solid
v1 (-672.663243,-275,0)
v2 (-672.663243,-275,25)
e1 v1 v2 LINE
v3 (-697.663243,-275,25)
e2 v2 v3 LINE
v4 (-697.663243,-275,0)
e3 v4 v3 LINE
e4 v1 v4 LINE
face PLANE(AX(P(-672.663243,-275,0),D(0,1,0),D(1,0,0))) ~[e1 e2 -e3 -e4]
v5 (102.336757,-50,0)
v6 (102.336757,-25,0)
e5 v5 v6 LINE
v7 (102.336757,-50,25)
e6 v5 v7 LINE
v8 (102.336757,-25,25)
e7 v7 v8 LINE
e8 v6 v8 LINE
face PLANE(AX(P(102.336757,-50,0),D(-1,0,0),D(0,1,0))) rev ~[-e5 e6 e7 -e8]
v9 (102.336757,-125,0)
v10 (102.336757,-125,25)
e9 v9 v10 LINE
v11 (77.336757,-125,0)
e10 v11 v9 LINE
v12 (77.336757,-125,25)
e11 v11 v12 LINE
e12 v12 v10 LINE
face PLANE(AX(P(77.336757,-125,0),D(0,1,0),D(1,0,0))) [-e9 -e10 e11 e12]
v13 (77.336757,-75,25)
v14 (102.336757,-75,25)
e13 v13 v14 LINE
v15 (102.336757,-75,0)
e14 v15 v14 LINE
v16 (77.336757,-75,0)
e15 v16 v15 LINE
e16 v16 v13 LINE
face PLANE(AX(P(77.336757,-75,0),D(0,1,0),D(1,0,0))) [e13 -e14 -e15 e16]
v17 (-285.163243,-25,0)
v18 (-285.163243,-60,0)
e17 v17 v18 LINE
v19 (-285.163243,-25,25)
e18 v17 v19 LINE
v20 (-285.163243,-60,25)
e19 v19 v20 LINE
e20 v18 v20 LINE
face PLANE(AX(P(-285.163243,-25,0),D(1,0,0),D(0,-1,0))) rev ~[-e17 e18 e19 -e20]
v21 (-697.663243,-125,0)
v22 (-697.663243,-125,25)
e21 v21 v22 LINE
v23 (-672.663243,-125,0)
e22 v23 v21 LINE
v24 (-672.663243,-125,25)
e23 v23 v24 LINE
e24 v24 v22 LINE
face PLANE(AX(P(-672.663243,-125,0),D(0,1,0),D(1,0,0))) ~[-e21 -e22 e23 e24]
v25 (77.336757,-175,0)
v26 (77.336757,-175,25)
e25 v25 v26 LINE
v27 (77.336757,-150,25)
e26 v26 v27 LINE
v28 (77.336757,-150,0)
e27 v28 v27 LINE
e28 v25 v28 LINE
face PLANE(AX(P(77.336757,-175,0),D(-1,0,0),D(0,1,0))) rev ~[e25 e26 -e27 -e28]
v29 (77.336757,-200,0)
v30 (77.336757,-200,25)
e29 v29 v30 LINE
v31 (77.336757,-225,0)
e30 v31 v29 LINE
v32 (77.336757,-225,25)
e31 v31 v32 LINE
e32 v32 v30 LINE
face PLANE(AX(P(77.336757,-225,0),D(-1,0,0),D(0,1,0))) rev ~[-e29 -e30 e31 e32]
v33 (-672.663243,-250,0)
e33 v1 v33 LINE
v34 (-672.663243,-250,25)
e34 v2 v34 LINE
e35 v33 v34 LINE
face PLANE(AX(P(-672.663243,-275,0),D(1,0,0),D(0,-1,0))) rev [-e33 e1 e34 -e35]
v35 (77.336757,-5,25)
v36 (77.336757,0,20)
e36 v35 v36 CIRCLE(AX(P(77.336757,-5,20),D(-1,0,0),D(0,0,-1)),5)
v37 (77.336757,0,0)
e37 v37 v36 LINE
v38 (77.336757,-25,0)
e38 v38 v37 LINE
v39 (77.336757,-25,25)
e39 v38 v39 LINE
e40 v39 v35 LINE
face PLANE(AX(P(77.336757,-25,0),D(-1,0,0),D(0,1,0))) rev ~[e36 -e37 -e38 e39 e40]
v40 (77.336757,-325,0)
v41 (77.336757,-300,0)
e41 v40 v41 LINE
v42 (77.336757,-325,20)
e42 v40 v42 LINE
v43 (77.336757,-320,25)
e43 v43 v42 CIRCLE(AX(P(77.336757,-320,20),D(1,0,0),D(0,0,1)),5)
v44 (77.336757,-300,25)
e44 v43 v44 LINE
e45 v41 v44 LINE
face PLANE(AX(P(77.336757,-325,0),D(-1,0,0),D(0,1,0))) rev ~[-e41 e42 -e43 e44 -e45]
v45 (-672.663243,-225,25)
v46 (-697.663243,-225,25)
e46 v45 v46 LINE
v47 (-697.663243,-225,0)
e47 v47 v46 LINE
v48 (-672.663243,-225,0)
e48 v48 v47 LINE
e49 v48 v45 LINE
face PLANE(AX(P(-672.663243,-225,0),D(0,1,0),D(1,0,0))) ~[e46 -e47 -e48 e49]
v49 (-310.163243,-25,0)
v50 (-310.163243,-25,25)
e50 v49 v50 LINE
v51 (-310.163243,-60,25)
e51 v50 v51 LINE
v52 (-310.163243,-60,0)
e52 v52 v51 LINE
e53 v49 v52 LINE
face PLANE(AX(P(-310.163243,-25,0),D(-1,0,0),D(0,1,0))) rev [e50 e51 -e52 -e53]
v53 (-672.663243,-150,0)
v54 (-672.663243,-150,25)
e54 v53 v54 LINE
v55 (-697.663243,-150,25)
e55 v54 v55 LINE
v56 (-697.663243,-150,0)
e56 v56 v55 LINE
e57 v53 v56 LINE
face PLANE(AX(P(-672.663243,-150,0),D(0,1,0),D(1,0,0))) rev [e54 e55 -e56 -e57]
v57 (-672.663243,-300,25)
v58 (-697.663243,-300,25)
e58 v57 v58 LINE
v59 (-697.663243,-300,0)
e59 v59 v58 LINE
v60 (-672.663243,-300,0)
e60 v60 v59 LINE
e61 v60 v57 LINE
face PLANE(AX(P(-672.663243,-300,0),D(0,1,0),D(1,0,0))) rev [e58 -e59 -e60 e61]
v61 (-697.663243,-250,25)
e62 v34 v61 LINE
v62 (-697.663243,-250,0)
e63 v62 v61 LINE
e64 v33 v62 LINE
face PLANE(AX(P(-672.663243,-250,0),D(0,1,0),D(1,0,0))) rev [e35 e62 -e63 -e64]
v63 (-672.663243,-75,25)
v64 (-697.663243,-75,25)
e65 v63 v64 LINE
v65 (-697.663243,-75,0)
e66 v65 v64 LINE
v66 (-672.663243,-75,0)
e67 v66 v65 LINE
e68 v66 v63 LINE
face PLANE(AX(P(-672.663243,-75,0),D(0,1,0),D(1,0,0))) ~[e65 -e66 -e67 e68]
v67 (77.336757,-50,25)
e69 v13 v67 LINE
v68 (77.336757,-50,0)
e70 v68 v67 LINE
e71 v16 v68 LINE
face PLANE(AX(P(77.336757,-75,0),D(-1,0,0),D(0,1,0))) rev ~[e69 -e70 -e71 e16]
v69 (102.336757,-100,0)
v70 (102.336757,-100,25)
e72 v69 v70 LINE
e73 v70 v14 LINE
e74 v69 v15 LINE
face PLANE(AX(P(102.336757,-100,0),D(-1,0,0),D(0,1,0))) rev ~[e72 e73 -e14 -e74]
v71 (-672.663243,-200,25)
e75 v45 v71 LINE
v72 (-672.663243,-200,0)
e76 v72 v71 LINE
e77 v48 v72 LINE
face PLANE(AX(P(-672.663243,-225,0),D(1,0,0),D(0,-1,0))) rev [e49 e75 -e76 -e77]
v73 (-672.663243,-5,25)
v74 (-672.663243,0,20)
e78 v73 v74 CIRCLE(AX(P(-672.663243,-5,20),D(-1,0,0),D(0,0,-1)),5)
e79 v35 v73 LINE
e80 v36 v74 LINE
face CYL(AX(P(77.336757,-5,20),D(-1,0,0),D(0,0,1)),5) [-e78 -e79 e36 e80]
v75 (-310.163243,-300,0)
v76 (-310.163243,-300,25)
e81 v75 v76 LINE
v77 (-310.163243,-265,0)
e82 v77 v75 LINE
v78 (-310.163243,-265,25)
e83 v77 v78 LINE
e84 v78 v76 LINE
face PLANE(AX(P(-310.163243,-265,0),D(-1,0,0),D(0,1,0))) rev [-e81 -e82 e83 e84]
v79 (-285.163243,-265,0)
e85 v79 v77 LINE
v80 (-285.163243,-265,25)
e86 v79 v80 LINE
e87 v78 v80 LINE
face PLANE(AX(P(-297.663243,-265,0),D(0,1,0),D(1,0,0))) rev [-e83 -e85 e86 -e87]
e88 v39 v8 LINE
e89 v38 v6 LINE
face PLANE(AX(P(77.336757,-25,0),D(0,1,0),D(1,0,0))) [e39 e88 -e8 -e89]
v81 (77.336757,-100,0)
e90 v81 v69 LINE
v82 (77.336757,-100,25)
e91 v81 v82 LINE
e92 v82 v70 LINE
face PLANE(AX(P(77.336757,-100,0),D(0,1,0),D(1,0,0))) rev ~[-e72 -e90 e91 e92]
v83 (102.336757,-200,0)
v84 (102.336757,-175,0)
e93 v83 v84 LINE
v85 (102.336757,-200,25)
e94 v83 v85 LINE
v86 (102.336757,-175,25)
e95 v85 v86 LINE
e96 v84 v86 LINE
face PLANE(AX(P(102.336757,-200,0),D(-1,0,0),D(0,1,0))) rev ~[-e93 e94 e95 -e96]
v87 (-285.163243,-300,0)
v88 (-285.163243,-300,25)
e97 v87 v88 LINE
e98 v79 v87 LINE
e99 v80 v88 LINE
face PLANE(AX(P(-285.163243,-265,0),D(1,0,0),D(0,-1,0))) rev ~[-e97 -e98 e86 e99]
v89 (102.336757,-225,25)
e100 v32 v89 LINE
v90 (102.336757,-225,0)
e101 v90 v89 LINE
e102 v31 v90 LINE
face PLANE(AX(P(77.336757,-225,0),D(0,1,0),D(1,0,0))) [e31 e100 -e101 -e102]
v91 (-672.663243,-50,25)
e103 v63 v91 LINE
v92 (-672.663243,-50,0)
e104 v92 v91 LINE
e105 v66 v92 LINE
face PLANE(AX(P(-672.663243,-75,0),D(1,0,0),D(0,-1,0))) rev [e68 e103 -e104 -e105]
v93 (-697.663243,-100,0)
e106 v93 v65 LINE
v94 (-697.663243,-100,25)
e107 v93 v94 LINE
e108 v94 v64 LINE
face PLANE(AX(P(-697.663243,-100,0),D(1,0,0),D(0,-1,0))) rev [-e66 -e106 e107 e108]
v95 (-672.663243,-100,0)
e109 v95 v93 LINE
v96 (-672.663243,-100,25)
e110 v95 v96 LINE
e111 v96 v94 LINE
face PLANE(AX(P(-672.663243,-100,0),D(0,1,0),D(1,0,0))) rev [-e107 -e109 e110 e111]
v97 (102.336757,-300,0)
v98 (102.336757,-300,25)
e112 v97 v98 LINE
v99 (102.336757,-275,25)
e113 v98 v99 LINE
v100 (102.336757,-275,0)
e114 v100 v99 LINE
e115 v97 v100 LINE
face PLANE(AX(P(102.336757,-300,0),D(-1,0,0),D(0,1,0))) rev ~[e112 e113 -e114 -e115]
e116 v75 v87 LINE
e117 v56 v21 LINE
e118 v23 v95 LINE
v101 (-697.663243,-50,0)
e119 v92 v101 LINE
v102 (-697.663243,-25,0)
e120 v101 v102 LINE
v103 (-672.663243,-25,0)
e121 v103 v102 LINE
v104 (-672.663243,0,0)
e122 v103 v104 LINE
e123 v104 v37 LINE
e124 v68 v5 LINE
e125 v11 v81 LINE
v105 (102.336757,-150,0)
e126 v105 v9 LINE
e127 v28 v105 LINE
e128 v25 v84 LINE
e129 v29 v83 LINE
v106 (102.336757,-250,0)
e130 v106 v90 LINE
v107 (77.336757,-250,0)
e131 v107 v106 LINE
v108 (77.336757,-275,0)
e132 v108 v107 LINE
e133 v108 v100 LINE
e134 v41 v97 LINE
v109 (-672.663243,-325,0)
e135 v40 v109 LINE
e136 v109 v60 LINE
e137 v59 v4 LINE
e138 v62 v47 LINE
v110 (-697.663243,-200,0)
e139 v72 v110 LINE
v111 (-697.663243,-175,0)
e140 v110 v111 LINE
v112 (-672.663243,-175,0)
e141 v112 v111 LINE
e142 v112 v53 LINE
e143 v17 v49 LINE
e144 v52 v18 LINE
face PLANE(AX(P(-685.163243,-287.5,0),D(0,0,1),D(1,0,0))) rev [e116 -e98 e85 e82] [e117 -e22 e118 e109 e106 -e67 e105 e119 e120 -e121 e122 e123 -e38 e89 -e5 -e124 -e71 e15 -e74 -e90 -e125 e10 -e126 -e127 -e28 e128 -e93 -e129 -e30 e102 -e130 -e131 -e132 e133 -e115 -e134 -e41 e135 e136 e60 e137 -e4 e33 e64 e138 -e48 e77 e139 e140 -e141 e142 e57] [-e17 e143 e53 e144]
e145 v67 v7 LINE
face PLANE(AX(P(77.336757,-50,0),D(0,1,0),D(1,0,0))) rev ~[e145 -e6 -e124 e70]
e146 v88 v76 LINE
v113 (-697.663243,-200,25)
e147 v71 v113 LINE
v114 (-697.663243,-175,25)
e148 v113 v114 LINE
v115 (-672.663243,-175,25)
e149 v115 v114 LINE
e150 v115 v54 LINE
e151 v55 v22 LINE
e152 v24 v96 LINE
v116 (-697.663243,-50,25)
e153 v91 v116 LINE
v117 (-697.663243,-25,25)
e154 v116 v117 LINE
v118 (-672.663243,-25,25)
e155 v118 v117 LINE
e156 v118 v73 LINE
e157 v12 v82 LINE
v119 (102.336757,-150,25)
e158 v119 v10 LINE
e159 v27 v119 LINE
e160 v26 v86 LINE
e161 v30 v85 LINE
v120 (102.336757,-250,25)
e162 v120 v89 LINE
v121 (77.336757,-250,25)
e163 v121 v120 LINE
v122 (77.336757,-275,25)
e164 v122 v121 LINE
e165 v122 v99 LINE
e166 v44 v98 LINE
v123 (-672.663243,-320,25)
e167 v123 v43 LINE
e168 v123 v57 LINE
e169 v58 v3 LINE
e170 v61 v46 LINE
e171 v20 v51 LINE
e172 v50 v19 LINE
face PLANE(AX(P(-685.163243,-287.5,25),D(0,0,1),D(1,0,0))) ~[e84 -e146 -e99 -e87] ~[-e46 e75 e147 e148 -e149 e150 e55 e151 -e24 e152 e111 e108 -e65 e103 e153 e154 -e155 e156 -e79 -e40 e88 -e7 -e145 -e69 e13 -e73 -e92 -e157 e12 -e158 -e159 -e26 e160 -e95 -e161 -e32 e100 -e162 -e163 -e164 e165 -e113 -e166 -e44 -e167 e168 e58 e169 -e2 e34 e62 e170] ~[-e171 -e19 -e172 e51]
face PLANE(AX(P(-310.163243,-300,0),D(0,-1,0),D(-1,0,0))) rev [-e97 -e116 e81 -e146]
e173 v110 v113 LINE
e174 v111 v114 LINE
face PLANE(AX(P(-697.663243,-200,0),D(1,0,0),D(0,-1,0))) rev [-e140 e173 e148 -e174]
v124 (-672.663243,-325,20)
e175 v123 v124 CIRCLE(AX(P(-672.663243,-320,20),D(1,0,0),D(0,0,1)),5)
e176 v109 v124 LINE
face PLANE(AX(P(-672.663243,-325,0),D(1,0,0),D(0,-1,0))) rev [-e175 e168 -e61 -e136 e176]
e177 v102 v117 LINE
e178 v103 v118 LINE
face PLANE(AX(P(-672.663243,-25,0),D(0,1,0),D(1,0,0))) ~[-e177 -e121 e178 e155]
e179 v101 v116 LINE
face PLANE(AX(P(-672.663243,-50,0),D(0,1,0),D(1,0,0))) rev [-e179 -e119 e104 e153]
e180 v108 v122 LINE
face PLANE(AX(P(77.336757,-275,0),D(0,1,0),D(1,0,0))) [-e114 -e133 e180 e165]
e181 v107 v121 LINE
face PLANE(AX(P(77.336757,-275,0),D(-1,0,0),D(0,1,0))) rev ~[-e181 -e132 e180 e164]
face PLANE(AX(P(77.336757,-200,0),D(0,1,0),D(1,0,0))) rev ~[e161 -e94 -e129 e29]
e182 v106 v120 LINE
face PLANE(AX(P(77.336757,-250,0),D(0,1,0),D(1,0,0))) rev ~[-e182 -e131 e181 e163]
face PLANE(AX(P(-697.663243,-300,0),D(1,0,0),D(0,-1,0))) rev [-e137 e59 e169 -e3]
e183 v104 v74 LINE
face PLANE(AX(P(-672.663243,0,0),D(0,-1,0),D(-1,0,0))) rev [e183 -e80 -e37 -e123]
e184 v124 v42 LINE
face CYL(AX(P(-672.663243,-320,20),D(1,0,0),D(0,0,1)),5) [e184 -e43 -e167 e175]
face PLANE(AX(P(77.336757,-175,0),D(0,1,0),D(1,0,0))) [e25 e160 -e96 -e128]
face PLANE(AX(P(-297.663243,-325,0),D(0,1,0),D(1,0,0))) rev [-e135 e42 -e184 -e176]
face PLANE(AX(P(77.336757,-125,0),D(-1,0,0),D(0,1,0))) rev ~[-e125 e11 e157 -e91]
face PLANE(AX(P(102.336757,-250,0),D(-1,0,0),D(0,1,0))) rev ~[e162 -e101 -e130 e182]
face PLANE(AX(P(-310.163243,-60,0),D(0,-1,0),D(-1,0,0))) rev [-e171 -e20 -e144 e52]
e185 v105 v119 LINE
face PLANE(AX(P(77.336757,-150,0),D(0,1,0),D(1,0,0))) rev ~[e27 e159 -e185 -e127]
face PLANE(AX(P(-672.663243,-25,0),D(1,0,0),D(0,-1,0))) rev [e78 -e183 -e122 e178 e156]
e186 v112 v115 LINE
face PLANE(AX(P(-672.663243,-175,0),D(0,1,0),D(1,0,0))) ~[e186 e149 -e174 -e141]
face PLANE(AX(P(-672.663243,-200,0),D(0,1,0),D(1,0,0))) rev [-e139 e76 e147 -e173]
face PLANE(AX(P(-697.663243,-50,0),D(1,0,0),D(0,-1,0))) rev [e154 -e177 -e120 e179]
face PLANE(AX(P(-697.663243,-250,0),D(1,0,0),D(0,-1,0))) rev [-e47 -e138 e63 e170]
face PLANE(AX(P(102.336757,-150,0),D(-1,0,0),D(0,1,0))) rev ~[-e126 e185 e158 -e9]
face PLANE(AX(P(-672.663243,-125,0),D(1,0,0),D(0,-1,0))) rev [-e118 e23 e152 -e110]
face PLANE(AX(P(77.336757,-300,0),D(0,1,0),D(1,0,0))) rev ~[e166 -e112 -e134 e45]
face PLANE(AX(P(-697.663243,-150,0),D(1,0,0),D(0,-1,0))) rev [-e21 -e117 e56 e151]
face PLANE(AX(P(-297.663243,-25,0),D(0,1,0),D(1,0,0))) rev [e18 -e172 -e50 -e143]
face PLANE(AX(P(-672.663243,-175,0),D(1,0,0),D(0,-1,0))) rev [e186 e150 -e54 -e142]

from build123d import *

# Parameters (mm, degrees)
F0_W     = 25
F0_H     = 25
F1_DEPTH = 25
F3_R     = 5
F4_R     = 5


with BuildPart() as f1:
    # F0 (on Top) → F1 (new body)
    with BuildSketch(Plane.XY):
        with Locations((89.836757, -287.5)):
            Rectangle(F0_W, F0_H)
        with Locations((89.836757, -237.5)):
            Rectangle(F0_W, F0_H)
        with Locations((89.836757, -187.5)):
            Rectangle(F0_W, F0_H)
        with Locations((89.836757, -137.5)):
            Rectangle(F0_W, F0_H)
        with Locations((89.836757, -87.5)):
            Rectangle(F0_W, F0_H)
        with Locations((89.836757, -37.5)):
            Rectangle(F0_W, F0_H)
        Polygon((77.336757, 0), (-297.663243, 0), (-297.663243, -25), (-285.163243, -25), (-285.163243, -60), (-297.663243, -60), (-297.663243, -265), (-285.163243, -265), (-285.163243, -300), (-297.663243, -300), (-297.663243, -325), (77.336757, -325), (77.336757, -300), (77.336757, -275), (77.336757, -250), (77.336757, -225), (77.336757, -200), (77.336757, -175), (77.336757, -150), (77.336757, -125), (77.336757, -100), (77.336757, -75), (77.336757, -50), (77.336757, -25), align=None)
    extrude(amount=F1_DEPTH)

    # F2: F1 across face


with BuildPart() as f1_1:
    add(f1.part)
    add(f1.part.mirror(Plane(origin=(-297.663243, -162.5, 12.5), x_dir=(0, -1, 0), z_dir=(-1, 0, 0))))

    # F3
    f3_edges = [f1_1.edges().sort_by_distance(p)[0] for p in [
        (-297.663243, 0, 25),
    ]]
    fillet(f3_edges, radius=F3_R)

    # F4
    f4_edges = [f1_1.edges().sort_by_distance(p)[0] for p in [
        (-297.663243, -325, 25),
    ]]
    fillet(f4_edges, radius=F4_R)


solid = f1_1.part
